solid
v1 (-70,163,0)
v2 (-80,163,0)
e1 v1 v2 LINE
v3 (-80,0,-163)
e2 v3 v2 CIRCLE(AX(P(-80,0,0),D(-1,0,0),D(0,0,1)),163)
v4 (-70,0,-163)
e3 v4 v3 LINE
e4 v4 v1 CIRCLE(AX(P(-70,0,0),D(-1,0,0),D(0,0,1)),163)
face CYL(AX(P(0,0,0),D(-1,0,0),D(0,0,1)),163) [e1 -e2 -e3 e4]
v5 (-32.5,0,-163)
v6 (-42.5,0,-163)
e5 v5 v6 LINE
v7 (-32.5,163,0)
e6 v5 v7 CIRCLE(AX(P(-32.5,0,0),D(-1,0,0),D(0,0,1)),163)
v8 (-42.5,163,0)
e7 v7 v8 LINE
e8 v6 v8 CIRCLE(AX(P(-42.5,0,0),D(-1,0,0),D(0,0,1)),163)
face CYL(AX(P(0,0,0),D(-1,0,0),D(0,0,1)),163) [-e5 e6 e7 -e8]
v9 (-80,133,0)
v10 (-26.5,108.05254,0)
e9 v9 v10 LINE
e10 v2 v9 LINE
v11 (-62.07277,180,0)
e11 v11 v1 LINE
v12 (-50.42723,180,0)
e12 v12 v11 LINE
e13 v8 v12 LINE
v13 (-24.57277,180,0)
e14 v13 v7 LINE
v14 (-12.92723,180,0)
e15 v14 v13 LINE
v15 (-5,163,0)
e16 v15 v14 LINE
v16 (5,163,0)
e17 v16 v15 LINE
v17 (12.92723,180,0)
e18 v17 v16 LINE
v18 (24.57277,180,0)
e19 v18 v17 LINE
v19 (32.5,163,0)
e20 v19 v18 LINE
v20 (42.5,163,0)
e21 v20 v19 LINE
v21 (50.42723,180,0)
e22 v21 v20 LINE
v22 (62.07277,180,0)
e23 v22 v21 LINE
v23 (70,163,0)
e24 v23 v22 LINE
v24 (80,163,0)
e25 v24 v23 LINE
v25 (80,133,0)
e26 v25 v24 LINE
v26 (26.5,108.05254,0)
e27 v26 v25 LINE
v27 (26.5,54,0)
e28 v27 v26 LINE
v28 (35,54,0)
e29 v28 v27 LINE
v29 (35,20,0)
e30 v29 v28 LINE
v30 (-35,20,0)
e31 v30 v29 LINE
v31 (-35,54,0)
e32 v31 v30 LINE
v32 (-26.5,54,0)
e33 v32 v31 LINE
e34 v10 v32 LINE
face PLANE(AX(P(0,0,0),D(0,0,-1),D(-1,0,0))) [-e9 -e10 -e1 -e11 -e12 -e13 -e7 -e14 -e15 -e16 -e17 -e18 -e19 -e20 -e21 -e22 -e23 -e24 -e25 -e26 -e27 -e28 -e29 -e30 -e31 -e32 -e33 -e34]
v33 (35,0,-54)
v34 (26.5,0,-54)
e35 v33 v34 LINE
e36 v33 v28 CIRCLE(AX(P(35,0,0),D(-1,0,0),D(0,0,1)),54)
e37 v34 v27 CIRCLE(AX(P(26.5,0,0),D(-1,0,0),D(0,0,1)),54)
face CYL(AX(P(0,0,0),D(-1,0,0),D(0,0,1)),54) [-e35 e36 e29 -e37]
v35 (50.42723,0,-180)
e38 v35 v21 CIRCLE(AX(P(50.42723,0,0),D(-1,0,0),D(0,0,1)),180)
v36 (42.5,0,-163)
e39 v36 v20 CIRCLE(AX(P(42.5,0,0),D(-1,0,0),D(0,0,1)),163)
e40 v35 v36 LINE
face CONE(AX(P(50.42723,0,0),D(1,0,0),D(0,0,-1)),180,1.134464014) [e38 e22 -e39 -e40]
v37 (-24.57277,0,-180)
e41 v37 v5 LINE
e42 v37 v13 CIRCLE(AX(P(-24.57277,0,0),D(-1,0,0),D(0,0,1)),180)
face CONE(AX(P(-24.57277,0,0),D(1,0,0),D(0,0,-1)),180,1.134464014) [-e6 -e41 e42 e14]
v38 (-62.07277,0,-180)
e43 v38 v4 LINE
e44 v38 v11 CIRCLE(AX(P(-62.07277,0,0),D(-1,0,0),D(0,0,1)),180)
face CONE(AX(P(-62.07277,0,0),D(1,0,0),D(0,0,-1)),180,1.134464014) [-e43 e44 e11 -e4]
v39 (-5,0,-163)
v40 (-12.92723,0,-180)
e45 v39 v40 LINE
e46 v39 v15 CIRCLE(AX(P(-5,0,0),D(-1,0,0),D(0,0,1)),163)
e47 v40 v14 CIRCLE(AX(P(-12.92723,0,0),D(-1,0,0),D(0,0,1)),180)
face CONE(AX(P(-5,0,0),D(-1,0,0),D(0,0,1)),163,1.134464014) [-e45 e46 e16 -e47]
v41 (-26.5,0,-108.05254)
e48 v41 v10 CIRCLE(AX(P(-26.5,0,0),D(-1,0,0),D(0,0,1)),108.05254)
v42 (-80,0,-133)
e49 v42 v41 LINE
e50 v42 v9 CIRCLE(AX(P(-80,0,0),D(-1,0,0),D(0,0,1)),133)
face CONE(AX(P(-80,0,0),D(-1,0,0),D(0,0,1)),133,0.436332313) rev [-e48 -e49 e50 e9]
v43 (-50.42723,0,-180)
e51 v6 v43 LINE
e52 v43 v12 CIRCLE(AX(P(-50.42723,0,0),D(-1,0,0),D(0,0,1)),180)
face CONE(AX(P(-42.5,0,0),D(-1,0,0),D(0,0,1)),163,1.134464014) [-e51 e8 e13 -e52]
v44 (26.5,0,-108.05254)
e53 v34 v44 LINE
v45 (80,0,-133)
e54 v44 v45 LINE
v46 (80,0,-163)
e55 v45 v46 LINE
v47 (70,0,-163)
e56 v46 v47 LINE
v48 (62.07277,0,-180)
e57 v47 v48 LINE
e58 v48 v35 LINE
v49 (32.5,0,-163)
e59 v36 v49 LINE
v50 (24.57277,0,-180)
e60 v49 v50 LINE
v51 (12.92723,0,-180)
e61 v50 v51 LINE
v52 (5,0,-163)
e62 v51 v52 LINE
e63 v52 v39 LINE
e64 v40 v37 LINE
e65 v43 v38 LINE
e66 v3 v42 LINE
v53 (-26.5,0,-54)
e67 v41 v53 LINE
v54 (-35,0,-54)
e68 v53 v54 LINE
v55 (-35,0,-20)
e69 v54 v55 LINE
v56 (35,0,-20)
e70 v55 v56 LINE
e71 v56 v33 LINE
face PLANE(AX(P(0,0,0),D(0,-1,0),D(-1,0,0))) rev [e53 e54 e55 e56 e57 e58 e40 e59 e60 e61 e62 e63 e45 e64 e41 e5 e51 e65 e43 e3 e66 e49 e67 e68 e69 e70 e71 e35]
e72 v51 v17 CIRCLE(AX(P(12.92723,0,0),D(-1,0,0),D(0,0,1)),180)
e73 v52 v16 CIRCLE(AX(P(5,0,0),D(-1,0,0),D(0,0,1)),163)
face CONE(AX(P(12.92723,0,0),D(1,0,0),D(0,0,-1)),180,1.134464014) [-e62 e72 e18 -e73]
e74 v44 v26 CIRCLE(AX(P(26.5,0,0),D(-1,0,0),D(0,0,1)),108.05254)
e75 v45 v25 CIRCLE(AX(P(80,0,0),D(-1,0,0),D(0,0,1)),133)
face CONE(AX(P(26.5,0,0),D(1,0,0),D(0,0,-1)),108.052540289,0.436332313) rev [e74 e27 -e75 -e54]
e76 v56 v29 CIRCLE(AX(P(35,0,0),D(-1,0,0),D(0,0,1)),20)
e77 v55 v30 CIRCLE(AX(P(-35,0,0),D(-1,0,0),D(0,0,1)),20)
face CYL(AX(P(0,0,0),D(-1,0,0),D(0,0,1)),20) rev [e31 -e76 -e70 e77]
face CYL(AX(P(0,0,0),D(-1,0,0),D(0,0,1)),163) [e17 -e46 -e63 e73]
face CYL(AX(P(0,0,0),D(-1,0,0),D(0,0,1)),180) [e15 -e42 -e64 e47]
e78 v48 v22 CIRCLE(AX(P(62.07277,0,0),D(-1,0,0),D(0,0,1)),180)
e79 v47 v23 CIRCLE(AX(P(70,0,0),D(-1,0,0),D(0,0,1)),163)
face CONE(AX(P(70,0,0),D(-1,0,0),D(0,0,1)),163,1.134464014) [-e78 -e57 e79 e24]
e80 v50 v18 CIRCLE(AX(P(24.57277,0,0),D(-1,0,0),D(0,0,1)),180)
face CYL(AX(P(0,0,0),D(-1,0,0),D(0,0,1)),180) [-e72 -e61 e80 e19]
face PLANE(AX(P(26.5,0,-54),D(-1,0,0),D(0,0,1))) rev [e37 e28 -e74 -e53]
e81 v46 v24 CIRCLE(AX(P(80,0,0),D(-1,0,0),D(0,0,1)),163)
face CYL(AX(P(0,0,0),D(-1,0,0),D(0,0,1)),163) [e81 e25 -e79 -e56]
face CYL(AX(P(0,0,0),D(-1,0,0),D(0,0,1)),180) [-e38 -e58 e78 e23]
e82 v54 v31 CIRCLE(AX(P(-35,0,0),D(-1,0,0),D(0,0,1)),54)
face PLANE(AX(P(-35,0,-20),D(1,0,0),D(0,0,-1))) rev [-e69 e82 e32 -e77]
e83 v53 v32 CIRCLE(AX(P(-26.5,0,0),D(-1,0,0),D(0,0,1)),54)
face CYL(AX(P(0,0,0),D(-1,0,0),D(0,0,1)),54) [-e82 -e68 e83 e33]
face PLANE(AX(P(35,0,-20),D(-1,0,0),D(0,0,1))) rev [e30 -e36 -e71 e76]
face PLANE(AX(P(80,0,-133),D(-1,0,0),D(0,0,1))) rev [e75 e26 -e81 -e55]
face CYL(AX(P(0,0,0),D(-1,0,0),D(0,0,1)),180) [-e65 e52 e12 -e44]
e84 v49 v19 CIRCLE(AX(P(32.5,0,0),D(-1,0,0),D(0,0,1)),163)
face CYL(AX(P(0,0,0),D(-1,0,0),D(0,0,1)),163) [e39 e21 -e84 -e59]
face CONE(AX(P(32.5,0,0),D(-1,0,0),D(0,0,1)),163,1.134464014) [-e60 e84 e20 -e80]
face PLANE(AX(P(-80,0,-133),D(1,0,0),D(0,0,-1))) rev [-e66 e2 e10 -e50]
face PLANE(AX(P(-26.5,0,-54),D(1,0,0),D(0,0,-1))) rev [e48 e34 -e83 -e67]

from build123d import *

# Parameters (mm, degrees)
REVOLVE1_ANGLE = 270


with BuildPart() as part:
    # Sketch2 → Revolve1 (revolve)
    with BuildSketch(Plane.XY):
        Polygon((35, 20), (-35, 20), (-35, 54), (-26.5, 54), (-26.5, 108.052540289), (-80, 133), (-80, 163), (-70, 163), (-62.072769811, 180), (-50.427230189, 180), (-42.5, 163), (-32.5, 163), (-24.572769811, 180), (-12.927230189, 180), (-5, 163), (5, 163), (12.927230189, 180), (24.572769811, 180), (32.5, 163), (42.5, 163), (50.427230189, 180), (62.072769811, 180), (70, 163), (80, 163), (80, 133), (26.5, 108.052540289), (26.5, 54), (35, 54), align=None)
    revolve(axis=Axis((0, 0, 0), (1, 0, 0)), revolution_arc=REVOLVE1_ANGLE)


solid = part.part
